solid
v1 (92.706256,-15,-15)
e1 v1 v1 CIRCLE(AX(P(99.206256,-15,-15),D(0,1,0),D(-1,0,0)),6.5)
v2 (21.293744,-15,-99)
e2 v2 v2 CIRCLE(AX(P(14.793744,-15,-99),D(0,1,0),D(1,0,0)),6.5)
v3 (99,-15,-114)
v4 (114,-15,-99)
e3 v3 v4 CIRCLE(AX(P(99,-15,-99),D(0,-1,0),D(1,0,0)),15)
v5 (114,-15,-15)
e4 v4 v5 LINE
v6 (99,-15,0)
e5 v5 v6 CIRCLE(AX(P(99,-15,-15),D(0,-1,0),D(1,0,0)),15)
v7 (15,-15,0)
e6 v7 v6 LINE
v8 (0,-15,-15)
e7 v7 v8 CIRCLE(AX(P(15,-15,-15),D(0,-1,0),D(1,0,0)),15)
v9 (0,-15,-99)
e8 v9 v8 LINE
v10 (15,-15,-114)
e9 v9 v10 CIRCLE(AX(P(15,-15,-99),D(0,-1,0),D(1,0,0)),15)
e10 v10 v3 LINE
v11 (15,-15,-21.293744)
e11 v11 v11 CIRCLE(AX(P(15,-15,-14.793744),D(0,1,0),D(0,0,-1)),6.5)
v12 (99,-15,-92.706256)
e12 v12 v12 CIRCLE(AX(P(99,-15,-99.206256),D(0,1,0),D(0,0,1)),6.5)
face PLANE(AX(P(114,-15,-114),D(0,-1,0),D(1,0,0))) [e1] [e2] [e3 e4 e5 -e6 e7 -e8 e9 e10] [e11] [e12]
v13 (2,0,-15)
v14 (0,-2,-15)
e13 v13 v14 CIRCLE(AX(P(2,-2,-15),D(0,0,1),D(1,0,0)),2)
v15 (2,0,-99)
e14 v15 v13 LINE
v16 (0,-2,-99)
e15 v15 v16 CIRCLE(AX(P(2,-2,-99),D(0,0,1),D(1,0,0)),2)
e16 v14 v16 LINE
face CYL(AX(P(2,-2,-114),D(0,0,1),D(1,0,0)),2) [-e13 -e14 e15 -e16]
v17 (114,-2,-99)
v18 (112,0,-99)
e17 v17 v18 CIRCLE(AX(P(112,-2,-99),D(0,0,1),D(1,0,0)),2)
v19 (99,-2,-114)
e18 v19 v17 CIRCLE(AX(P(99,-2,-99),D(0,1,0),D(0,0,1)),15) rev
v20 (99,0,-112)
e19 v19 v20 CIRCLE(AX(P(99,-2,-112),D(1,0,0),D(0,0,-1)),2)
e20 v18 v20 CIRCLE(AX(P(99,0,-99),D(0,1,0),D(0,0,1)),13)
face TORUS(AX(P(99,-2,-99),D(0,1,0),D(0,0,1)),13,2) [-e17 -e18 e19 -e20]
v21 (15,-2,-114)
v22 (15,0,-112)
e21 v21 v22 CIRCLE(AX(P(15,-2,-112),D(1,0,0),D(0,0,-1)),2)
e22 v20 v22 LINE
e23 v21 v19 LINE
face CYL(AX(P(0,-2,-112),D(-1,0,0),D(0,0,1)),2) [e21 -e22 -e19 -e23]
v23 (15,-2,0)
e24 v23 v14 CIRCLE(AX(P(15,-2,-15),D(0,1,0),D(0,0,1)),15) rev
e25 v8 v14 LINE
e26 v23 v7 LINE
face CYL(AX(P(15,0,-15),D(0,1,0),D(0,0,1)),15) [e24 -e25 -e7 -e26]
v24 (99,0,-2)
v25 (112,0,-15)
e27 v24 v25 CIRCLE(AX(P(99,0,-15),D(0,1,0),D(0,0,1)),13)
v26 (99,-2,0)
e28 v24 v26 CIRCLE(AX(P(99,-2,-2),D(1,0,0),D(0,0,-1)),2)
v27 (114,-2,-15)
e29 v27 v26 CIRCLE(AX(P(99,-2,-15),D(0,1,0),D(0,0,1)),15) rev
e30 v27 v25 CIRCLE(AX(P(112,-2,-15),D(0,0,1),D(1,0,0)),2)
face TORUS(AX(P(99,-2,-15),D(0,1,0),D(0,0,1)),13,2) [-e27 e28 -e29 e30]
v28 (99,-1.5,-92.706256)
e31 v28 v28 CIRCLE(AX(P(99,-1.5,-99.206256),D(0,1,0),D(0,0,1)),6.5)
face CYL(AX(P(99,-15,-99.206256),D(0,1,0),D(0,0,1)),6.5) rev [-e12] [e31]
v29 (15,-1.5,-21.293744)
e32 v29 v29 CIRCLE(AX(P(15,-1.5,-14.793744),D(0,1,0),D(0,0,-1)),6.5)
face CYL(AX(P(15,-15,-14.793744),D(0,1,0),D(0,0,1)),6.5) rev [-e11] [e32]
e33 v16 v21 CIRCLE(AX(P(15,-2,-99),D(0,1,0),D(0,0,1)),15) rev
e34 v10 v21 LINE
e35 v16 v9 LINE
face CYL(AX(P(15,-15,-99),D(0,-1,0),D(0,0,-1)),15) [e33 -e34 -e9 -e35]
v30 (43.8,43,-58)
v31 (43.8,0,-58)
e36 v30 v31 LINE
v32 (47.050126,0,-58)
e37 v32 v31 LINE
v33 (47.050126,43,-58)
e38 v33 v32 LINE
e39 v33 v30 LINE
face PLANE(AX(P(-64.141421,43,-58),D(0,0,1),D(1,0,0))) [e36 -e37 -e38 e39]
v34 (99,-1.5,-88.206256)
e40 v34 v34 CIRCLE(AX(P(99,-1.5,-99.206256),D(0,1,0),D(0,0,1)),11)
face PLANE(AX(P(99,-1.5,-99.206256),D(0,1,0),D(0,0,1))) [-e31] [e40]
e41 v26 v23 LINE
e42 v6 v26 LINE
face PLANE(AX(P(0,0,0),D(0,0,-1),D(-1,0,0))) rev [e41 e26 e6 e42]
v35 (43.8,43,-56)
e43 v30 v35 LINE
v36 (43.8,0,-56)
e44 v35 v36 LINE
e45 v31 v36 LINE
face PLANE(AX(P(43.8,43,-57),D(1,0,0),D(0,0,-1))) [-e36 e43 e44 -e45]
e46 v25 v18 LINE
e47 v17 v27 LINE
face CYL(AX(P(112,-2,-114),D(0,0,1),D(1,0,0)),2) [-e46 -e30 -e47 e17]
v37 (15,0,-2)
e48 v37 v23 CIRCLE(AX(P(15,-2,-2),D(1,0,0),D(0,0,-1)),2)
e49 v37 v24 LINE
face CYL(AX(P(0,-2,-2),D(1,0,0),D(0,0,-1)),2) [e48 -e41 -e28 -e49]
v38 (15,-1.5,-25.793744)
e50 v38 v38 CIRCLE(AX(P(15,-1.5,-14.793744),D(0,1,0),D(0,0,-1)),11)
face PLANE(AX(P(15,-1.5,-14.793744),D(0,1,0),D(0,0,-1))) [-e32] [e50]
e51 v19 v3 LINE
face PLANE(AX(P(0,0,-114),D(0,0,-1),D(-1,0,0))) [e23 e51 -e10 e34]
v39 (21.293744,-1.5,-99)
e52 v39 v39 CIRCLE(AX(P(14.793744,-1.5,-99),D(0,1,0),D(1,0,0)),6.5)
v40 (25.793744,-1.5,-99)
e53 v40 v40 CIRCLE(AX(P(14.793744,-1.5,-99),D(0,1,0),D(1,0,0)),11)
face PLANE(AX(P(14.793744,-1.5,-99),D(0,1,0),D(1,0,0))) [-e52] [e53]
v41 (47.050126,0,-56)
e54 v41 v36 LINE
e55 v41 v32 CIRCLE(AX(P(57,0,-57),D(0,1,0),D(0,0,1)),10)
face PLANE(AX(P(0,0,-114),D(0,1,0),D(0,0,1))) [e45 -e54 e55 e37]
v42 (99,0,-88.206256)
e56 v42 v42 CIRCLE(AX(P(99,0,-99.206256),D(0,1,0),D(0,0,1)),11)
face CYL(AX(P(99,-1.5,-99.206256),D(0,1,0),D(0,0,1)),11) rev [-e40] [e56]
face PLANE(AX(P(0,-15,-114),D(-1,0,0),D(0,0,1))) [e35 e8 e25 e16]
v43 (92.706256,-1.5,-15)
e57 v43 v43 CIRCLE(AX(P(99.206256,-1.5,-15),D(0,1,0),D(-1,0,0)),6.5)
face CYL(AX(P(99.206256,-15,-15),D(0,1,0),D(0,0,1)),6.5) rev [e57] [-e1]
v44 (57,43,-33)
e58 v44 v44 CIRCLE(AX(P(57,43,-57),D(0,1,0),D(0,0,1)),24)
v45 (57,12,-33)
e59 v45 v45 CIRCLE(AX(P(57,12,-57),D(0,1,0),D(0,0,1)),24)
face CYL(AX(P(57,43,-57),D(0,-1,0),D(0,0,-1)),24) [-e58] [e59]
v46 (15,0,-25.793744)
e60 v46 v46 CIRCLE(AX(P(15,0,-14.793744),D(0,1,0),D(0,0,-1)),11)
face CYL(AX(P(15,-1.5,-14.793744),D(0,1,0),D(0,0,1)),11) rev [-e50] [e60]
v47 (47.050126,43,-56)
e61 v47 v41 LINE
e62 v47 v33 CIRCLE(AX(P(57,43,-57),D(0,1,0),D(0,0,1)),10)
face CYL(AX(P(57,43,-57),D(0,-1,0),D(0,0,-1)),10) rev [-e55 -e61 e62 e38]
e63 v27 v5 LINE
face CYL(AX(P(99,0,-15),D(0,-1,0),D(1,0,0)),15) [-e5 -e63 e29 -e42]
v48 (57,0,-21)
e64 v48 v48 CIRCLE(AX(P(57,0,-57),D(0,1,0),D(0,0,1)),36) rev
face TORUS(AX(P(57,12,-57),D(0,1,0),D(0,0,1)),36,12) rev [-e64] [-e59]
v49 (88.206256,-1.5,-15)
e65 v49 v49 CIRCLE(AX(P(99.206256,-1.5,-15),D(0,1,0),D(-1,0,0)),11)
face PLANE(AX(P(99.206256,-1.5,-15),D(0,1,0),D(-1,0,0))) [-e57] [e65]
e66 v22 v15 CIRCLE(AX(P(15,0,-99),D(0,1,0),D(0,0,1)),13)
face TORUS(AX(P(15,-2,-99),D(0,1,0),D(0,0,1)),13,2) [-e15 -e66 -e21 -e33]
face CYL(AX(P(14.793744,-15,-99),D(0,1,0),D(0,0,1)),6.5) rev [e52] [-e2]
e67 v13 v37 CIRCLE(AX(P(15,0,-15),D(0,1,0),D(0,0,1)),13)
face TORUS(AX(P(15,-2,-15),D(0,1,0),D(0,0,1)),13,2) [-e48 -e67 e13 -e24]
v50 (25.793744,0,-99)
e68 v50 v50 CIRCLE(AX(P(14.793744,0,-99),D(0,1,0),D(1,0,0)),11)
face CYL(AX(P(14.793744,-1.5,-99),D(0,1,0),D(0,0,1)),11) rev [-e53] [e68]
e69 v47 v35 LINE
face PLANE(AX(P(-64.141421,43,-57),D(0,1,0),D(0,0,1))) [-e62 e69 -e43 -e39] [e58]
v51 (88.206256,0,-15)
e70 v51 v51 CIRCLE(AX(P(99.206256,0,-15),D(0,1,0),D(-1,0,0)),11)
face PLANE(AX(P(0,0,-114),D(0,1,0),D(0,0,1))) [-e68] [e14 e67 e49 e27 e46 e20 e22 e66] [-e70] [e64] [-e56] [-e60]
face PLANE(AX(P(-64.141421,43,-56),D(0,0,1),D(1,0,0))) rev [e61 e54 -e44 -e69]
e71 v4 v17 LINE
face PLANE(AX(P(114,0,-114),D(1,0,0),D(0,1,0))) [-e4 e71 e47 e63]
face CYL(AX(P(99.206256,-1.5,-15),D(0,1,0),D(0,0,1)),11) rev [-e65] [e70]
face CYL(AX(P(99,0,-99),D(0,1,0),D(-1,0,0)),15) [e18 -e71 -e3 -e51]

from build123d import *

# Parameters (mm, degrees)
SKETCH_1_W               = 114
SKETCH_1_H               = 15
EXTRUDE_1_DEPTH          = 114
FILLET_3_R               = 15
FILLET_4_R               = 2
SKETCH_2_R               = 24
EXTRUDE_2_DEPTH          = 43
FILLET_5_R               = 12
SKETCH_3_R               = 6.5
CUT_EXTRUDE_4_DEPTH      = 167.856225604
SKETCH_3_4_R             = 11
SKETCH_3_4_R_2           = 6.5
CUT_EXTRUDE_5_DEPTH      = 1.5
PATTERN_CIRCULAR_1_COUNT = 4


with BuildPart() as part:
    # 草圖1 → 填料-伸長1 (new body)
    with BuildSketch(Plane.XY):
        with Locations((57, -7.5)):
            Rectangle(SKETCH_1_W, SKETCH_1_H)
    extrude(amount=-EXTRUDE_1_DEPTH)

    # 圓角3
    fillet_3_edges = [part.edges().sort_by_distance(p)[0] for p in [
        (0, -7.5, -114),
        (0, -7.5, 0),
        (114, -7.5, -114),
        (114, -7.5, 0),
    ]]
    fillet(fillet_3_edges, radius=FILLET_3_R)

    # 圓角4
    fillet_4_edges = [part.edges().sort_by_distance(p)[0] for p in [
        (109.606601718, 0, -4.393398282),
        (114, 0, -57),
        (109.606601718, 0, -109.606601718),
        (57, 0, -114),
        (4.393398282, 0, -109.606601718),
        (0, 0, -57),
        (4.393398282, 0, -4.393398282),
        (57, 0, 0),
    ]]
    fillet(fillet_4_edges, radius=FILLET_4_R)

    # 草圖2 → 填料-伸長2 (add)
    with BuildSketch(Plane(origin=(0, 0, 0), x_dir=(1, 0, 0), z_dir=(0, 1, 0))):
        with Locations((57, 57)):
            Circle(SKETCH_2_R)
        with BuildLine():
            Line((43.8, 58), (47.050125629, 58))
            ThreePointArc((47.050125629, 58), (67, 57), (47.050125629, 56))
            Line((47.050125629, 56), (43.8, 56))
            Line((43.8, 56), (43.8, 58))
        make_face(mode=Mode.SUBTRACT)
    extrude(amount=EXTRUDE_2_DEPTH)

    # 圓角5
    fillet_5_edges = [part.edges().sort_by_distance(p)[0] for p in [
        (33, 0, -57),
    ]]
    fillet(fillet_5_edges, radius=FILLET_5_R)

    # 草圖3 → 除料-伸長4 (cut, through all)
    with BuildSketch(Plane(origin=(0, 0, 0), x_dir=(1, 0, 0), z_dir=(0, 1, 0))):
        with Locations((99, 99.206255551)):
            Circle(SKETCH_3_R)
    cut_extrude_4 = extrude(amount=-CUT_EXTRUDE_4_DEPTH, mode=Mode.SUBTRACT)

    # 草圖3<4> → 除料-伸長5 (cut)
    with BuildSketch(Plane(origin=(0, 0, 0), x_dir=(1, 0, 0), z_dir=(0, 1, 0))):
        with Locations((99, 99.206255551)):
            Circle(SKETCH_3_4_R)
        with Locations((99, 99.206255551)):
            Circle(SKETCH_3_4_R_2, mode=Mode.SUBTRACT)
    cut_extrude_5 = extrude(amount=-CUT_EXTRUDE_5_DEPTH, mode=Mode.SUBTRACT)

    # 環狀複製排列1: 除料-伸長4, 除料-伸長5 ×4 about axis
    pattern_circular_1_axis = Axis((57, 43, -57), (0, -1, 0))
    add([cut_extrude_4.rotate(pattern_circular_1_axis, i * 360 / PATTERN_CIRCULAR_1_COUNT) for i in range(1, PATTERN_CIRCULAR_1_COUNT)], mode=Mode.SUBTRACT)
    add([cut_extrude_5.rotate(pattern_circular_1_axis, i * 360 / PATTERN_CIRCULAR_1_COUNT) for i in range(1, PATTERN_CIRCULAR_1_COUNT)], mode=Mode.SUBTRACT)


solid = part.part
